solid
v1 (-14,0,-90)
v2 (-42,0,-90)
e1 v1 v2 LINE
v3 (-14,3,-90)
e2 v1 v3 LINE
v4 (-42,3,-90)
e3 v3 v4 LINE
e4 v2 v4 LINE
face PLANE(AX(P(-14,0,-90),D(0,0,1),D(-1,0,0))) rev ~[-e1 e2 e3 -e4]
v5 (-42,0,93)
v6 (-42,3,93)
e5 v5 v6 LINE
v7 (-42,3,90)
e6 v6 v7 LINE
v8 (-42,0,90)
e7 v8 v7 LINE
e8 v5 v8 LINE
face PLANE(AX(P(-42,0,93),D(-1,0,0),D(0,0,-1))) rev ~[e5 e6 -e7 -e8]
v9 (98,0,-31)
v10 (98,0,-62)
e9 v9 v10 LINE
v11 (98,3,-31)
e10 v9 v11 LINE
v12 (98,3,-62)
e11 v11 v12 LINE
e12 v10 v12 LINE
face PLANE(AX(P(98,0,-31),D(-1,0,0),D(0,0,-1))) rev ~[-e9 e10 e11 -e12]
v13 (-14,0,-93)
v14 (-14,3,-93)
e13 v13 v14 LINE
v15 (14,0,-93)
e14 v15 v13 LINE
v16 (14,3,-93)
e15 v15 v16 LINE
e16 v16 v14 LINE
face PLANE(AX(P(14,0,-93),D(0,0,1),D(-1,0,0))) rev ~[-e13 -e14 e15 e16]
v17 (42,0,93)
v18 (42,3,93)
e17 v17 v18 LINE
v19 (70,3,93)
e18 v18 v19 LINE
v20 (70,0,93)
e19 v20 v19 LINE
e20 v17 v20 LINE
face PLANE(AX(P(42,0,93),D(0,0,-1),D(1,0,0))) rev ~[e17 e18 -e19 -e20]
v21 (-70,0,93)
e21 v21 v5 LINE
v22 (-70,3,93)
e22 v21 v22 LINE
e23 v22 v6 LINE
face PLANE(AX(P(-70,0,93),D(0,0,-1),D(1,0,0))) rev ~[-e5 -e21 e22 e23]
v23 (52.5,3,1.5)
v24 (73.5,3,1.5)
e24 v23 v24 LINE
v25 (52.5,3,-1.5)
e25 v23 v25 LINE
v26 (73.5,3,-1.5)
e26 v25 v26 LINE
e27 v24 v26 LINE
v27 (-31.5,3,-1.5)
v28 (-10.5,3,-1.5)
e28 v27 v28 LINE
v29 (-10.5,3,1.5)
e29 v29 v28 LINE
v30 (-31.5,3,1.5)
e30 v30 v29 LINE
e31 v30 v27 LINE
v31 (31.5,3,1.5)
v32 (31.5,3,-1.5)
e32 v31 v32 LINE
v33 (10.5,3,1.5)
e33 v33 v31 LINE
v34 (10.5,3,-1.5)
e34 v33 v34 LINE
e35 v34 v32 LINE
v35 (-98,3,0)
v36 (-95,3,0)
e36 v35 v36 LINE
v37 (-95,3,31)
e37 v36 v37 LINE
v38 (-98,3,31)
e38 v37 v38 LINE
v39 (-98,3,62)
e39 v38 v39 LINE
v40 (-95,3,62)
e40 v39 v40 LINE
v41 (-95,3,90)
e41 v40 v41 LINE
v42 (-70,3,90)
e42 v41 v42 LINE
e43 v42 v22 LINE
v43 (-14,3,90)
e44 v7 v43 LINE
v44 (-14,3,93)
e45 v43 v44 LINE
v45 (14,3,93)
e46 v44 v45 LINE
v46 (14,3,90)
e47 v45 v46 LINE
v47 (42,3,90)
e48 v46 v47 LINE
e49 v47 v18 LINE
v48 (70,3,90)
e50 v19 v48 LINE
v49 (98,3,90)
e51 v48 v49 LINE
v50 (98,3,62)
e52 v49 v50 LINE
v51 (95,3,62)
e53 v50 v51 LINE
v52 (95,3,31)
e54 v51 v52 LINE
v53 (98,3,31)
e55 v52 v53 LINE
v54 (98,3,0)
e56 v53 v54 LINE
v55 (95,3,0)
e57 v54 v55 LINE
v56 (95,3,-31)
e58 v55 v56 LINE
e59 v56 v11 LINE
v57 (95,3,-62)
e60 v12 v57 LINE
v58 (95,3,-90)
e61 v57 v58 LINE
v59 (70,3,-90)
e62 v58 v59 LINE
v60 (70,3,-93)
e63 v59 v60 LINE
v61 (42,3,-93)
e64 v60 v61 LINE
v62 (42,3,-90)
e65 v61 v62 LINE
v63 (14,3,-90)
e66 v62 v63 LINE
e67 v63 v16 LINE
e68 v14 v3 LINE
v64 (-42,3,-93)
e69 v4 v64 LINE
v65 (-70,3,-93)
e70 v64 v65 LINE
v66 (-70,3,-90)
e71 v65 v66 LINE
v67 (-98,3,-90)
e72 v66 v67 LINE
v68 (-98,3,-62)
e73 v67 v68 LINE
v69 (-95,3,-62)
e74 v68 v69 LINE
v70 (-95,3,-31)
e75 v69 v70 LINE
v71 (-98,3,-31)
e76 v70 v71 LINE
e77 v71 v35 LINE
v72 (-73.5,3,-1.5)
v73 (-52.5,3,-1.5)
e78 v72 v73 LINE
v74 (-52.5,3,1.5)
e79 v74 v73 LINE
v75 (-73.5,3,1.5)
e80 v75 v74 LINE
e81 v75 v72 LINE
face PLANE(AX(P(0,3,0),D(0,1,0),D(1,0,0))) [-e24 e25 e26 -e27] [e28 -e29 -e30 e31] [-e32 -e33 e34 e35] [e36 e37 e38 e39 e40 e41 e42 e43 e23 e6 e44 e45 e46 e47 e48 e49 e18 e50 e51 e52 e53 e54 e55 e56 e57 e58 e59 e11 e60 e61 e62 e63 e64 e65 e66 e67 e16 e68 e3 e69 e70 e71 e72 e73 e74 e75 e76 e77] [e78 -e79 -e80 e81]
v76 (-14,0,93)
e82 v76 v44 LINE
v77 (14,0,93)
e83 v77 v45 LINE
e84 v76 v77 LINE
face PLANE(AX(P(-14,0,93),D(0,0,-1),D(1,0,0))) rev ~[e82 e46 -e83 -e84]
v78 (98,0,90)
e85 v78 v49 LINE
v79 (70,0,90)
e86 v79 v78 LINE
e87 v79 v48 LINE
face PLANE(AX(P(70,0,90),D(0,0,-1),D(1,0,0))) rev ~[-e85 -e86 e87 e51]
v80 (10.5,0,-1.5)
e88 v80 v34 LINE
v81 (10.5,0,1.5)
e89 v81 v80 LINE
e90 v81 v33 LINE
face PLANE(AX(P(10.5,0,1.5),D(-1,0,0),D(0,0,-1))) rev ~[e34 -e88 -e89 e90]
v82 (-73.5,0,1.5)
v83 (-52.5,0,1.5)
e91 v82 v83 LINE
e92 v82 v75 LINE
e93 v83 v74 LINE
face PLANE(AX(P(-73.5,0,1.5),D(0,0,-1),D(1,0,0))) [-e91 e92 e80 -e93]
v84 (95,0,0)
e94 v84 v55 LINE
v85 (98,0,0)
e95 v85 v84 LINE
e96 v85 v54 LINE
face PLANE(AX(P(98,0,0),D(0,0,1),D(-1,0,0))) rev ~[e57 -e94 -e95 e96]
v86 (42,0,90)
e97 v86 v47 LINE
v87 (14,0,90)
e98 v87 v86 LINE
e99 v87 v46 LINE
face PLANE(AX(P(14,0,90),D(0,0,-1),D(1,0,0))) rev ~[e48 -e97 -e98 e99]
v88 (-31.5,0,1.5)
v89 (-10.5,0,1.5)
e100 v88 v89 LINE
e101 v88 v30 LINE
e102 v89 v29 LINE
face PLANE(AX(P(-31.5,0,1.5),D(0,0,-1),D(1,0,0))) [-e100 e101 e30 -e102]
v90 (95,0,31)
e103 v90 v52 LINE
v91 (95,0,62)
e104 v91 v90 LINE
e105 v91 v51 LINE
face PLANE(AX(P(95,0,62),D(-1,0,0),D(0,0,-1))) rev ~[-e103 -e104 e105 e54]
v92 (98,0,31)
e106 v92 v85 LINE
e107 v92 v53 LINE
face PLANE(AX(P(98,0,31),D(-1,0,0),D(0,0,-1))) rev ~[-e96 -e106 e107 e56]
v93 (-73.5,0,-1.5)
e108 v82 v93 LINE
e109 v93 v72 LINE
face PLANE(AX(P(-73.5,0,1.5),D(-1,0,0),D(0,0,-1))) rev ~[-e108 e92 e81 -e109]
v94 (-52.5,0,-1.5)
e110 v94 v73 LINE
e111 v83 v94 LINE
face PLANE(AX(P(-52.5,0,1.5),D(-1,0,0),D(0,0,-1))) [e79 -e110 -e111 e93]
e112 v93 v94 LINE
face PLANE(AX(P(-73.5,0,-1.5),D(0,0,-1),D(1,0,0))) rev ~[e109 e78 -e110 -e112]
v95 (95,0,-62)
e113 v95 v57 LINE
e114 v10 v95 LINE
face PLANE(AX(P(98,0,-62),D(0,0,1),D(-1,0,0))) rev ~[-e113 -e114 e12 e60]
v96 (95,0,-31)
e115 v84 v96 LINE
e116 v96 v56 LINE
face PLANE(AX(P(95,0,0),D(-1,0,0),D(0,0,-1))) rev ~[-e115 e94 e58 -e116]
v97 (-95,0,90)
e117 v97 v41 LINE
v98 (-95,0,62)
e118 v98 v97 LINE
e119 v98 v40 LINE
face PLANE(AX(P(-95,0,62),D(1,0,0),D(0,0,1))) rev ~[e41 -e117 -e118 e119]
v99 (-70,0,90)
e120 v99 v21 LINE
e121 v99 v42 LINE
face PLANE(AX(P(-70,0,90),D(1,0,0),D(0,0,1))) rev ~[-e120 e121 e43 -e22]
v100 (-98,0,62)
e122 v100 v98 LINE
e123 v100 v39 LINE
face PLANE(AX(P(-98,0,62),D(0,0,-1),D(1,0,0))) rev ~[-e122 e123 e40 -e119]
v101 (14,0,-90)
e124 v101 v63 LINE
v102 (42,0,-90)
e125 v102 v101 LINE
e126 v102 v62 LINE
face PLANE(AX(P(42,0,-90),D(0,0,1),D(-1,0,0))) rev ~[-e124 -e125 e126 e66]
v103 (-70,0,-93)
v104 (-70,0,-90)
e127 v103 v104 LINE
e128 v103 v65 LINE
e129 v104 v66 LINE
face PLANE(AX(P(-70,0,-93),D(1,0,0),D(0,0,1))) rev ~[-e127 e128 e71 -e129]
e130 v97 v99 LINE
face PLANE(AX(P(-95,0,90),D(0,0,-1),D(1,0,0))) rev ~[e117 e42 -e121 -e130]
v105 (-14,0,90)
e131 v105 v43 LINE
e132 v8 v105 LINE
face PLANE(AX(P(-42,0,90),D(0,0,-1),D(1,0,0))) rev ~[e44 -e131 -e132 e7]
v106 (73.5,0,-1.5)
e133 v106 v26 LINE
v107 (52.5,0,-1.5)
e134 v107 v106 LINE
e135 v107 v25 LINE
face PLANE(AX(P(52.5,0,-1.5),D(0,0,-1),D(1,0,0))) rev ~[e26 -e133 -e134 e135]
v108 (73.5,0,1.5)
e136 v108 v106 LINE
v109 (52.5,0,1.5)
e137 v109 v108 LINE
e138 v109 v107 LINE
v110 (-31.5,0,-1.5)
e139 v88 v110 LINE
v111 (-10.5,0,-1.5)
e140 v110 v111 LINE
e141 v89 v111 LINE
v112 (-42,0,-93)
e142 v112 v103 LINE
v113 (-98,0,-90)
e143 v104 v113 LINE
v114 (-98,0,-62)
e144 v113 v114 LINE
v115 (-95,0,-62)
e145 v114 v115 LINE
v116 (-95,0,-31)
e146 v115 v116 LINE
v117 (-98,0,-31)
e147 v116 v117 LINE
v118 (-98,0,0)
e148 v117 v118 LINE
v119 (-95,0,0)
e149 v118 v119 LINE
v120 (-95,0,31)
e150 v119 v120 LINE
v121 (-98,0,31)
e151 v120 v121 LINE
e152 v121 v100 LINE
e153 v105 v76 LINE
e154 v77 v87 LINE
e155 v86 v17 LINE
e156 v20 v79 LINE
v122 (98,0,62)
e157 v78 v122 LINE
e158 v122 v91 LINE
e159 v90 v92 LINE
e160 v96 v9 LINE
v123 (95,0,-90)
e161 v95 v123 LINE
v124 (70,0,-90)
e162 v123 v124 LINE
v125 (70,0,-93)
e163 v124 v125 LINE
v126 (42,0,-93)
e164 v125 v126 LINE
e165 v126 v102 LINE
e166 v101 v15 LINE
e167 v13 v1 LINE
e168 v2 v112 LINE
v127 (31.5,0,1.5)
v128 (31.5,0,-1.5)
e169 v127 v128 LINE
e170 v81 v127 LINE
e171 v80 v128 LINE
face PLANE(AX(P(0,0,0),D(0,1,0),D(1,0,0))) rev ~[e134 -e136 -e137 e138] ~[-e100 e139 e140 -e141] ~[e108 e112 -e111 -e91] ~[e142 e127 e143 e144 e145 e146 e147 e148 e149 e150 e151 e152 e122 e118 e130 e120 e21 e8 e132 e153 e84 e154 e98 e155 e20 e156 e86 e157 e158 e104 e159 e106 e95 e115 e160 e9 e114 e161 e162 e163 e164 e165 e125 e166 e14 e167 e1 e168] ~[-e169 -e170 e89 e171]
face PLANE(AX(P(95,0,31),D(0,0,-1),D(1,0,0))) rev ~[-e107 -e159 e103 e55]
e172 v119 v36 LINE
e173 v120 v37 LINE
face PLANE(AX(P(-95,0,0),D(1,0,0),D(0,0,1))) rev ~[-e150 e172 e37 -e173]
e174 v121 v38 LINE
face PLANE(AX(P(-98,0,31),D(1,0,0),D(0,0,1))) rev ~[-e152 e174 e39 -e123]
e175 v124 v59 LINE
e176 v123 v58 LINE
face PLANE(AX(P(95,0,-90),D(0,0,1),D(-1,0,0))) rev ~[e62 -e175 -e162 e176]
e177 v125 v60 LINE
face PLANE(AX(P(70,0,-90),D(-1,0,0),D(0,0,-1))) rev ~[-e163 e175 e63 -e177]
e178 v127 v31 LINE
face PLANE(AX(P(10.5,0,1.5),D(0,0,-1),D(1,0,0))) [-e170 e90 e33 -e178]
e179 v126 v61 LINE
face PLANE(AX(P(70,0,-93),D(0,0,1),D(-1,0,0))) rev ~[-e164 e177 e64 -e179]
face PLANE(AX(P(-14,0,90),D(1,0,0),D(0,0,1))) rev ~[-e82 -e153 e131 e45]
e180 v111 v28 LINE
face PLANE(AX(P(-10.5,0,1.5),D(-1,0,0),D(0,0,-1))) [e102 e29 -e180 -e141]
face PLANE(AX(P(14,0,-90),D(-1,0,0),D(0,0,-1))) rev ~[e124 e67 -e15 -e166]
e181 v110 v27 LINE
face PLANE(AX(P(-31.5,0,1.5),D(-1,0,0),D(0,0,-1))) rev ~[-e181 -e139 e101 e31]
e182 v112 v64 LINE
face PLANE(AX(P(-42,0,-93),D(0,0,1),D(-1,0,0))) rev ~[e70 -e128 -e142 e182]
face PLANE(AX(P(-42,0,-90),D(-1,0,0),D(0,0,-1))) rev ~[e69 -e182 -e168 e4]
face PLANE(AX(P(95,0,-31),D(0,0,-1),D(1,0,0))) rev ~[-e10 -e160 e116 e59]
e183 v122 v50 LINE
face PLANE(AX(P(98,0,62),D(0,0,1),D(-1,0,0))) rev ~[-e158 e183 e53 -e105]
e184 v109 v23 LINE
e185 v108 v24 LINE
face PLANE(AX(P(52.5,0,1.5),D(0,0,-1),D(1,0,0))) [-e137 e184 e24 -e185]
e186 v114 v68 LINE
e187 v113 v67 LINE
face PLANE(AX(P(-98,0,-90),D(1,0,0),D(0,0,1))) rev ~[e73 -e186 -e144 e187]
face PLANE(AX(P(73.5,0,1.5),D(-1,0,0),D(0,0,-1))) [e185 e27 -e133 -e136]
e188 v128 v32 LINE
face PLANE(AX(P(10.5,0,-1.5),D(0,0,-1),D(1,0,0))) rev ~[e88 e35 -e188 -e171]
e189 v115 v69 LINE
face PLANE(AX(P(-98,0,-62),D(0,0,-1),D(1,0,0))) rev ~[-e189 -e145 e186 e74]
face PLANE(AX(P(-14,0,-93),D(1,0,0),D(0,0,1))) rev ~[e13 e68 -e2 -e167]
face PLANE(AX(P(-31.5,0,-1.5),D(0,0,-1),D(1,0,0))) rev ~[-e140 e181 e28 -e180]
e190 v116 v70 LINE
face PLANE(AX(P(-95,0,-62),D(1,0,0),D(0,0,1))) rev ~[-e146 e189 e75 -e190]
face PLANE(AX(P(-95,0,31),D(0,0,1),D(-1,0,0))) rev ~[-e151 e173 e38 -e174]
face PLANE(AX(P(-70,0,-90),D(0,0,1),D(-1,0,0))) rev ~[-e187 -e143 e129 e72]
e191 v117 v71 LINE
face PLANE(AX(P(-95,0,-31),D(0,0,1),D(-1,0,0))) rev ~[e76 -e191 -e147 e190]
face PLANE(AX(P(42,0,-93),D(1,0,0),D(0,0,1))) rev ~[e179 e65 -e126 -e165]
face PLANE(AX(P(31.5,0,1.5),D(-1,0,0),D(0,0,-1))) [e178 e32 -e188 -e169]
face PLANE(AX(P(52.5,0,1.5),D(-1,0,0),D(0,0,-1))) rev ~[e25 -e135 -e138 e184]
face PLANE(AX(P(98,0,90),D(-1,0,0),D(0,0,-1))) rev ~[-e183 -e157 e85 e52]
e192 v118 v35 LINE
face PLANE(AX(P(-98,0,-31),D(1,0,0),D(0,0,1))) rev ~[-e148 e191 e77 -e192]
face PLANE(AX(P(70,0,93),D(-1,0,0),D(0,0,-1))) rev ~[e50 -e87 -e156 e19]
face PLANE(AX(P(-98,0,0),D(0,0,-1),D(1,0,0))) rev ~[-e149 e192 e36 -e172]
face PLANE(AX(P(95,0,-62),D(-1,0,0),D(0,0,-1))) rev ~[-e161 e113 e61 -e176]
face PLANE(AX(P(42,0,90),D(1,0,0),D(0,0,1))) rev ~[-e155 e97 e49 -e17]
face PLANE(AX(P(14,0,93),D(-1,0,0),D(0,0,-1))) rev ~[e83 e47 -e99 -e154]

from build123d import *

# Parameters (mm, degrees)
SKETCH1_W           = 21
SKETCH1_H           = 3
BOSS_EXTRUDE1_DEPTH = 3


with BuildPart() as part:
    # Sketch1 → Boss-Extrude1 (new body)
    with BuildSketch(Plane(origin=(0, 0, 0), x_dir=(1, 0, 0), z_dir=(0, 1, 0))):
        Polygon((-95, -62), (-95, -90), (-70, -90), (-70, -93), (-42, -93), (-42, -90), (-14, -90), (-14, -93), (14, -93), (14, -90), (42, -90), (42, -93), (70, -93), (70, -90), (98, -90), (98, -62), (95, -62), (95, -31), (98, -31), (98, 0), (95, 0), (95, 31), (98, 31), (98, 62), (95, 62), (95, 90), (70, 90), (70, 93), (42, 93), (42, 90), (14, 90), (14, 93), (-14, 93), (-14, 90), (-42, 90), (-42, 93), (-70, 93), (-70, 90), (-98, 90), (-98, 62), (-95, 62), (-95, 31), (-98, 31), (-98, 0), (-95, 0), (-95, -31), (-98, -31), (-98, -62), align=None)
        with Locations((-63, 0)):
            Rectangle(SKETCH1_W, SKETCH1_H, mode=Mode.SUBTRACT)
        with Locations((-21, 0)):
            Rectangle(SKETCH1_W, SKETCH1_H, mode=Mode.SUBTRACT)
        with Locations((21, 0)):
            Rectangle(SKETCH1_W, SKETCH1_H, mode=Mode.SUBTRACT)
        with Locations((63, 0)):
            Rectangle(SKETCH1_W, SKETCH1_H, mode=Mode.SUBTRACT)
    extrude(amount=BOSS_EXTRUDE1_DEPTH)


solid = part.part
